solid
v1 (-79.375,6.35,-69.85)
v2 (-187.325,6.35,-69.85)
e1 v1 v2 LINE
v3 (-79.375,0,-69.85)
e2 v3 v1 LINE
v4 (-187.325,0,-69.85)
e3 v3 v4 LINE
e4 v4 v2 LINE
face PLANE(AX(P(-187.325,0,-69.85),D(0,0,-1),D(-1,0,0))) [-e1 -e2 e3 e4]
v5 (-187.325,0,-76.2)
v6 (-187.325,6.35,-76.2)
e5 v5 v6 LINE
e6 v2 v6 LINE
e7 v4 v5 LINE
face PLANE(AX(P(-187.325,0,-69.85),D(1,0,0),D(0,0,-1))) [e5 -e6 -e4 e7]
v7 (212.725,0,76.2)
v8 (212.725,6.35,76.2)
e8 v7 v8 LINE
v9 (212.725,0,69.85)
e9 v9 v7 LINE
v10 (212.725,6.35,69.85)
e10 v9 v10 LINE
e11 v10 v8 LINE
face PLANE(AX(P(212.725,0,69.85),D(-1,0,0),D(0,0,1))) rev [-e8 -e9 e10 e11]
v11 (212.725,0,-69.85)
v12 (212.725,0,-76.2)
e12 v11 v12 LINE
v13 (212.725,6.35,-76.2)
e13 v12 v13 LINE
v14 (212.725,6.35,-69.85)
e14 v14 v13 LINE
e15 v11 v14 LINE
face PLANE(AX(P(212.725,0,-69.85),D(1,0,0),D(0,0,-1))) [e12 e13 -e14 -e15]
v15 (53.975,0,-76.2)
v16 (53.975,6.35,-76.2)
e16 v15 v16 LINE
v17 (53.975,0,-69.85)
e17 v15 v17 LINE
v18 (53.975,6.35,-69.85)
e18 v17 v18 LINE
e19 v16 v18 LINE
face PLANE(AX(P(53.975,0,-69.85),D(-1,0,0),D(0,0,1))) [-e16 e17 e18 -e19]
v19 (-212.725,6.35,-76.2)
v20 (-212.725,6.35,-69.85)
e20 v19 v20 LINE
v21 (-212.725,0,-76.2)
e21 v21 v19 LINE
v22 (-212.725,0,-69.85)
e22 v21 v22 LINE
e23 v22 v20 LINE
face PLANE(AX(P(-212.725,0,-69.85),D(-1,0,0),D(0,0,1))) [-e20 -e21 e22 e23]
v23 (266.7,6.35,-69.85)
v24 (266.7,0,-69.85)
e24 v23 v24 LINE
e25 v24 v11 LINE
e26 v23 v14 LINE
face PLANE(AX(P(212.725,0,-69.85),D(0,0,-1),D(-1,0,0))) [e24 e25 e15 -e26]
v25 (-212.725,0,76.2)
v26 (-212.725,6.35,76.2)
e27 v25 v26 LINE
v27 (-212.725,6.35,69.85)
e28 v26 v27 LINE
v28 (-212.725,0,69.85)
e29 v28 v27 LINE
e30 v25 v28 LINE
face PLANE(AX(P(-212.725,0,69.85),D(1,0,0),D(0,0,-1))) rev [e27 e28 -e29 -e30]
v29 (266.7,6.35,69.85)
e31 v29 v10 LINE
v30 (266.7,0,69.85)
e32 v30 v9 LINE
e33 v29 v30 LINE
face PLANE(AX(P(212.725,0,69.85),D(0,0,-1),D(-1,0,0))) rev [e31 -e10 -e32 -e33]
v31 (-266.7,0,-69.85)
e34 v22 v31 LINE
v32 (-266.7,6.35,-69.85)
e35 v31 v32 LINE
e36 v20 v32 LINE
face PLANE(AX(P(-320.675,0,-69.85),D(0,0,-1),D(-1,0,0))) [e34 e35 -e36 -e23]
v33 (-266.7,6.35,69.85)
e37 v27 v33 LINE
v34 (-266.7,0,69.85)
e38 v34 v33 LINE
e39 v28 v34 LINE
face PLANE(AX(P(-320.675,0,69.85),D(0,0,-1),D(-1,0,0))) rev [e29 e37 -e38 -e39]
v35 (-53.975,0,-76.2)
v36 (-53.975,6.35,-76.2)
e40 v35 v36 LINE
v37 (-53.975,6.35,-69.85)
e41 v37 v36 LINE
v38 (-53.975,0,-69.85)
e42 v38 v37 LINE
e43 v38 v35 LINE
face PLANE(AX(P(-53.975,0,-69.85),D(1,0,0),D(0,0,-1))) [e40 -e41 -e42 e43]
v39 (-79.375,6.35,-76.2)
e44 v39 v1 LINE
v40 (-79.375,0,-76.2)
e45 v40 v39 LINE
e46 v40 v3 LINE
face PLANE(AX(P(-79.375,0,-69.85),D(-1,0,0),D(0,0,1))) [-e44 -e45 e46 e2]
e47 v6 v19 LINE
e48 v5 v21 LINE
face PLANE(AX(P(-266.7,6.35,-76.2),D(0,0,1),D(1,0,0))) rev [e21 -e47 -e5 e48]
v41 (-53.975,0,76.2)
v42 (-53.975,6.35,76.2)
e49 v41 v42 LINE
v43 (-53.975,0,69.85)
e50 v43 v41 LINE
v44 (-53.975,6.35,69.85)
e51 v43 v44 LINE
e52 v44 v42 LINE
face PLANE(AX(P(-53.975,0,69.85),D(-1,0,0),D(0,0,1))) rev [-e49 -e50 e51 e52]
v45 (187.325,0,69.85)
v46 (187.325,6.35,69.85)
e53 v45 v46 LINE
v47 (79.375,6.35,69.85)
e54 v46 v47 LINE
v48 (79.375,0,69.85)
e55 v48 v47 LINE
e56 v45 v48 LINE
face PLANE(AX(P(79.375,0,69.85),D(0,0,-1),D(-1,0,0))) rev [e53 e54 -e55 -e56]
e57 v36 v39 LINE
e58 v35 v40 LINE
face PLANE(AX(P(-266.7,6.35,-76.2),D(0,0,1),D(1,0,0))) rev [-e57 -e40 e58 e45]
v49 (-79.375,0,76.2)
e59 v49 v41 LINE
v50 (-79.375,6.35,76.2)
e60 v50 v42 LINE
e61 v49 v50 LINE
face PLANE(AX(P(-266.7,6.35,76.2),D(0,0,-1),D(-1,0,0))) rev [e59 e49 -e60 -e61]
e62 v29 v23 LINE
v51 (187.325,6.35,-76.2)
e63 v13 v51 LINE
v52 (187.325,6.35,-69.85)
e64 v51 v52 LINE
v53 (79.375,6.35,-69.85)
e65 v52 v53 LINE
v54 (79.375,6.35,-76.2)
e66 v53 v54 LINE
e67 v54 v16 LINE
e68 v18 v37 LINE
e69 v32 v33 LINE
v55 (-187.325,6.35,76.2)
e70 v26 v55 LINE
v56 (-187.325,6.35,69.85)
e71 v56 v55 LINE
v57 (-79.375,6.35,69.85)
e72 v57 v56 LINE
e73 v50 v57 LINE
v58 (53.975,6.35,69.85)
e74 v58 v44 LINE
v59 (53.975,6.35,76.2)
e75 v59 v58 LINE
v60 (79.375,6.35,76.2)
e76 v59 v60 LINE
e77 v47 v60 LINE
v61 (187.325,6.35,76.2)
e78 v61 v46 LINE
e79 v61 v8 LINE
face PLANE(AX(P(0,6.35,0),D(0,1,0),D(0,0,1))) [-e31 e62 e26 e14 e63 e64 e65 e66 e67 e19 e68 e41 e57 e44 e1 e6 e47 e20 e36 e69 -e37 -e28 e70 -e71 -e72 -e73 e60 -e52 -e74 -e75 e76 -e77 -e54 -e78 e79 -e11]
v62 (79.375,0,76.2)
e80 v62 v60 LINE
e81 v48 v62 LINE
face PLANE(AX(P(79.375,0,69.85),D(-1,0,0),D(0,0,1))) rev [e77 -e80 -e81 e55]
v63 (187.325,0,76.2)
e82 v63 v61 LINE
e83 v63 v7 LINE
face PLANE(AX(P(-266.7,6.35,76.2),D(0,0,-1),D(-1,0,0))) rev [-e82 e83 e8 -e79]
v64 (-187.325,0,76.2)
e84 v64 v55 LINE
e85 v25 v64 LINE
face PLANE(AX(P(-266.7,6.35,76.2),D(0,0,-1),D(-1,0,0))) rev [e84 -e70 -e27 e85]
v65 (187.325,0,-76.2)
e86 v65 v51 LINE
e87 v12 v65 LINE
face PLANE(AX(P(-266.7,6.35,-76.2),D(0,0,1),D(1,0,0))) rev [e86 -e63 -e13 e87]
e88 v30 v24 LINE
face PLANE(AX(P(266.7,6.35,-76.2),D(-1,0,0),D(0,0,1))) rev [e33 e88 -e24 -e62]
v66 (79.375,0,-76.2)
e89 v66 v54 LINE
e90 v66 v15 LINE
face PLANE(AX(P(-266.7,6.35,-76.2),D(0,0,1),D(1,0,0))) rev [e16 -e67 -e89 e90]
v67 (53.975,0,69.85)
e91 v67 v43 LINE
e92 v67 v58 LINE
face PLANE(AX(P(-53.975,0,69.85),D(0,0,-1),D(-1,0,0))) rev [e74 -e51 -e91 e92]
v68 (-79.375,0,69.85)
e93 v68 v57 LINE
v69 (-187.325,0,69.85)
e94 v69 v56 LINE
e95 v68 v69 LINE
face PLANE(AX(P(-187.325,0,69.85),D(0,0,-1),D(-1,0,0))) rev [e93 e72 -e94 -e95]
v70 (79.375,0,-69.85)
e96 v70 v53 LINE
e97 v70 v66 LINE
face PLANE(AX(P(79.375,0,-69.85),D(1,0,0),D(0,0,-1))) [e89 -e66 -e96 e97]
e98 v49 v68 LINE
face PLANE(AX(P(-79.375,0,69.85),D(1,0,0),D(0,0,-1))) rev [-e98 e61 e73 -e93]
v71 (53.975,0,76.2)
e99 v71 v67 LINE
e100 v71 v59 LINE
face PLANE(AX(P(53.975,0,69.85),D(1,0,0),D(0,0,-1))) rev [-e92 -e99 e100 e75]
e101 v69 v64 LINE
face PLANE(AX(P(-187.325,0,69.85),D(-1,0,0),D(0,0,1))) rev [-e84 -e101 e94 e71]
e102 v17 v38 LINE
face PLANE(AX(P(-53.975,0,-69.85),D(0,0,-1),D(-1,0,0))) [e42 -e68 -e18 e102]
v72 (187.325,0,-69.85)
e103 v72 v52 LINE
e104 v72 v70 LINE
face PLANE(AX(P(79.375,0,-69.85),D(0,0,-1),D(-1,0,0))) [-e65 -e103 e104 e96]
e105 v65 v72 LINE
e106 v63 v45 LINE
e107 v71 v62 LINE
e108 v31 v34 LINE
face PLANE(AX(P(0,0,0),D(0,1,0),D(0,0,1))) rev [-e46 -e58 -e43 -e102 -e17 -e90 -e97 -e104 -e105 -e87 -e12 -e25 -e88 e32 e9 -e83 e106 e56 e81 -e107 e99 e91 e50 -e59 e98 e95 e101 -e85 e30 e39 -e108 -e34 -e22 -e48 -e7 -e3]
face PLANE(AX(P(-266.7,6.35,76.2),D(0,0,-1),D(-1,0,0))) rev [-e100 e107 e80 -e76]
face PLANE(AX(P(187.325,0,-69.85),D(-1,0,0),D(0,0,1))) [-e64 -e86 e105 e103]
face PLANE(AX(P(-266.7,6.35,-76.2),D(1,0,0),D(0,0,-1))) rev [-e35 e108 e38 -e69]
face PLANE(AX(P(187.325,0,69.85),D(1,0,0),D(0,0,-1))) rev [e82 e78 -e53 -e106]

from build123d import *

# Parameters (mm, degrees)
SKETCH1_W               = 533.4
SKETCH1_H               = 152.4
BOSS_EXTRUDE1_DEPTH     = 6.35
SKETCH2_W               = 107.95
SKETCH2_H               = 6.35
CUT_EXTRUDE2_DEPTH      = 7.35
LPATTERN1_COUNT         = 3
LPATTERN1_PITCH         = 133.35
LPATTERN1_COL_COUNT     = 3
LPATTERN1_COL_PITCH     = 133.35
MIRROR2_COPY_1_SKETCH_W = 107.95
MIRROR2_COPY_1_SKETCH_H = 6.35
MIRROR2_COPY_1_DEPTH    = 7.35
MIRROR2_COPY_2_SKETCH_W = 107.95
MIRROR2_COPY_2_SKETCH_H = 6.35
MIRROR2_COPY_2_DEPTH    = 7.35
MIRROR2_COPY_3_SKETCH_W = 107.95
MIRROR2_COPY_3_SKETCH_H = 6.35
MIRROR2_COPY_3_DEPTH    = 7.35
MIRROR2_COPY_4_SKETCH_W = 107.95
MIRROR2_COPY_4_SKETCH_H = 6.35
MIRROR2_COPY_4_DEPTH    = 7.35


with BuildPart() as part:
    # Sketch1 → Boss-Extrude1 (new body)
    with BuildSketch(Plane(origin=(0, 0, 0), x_dir=(1, 0, 0), z_dir=(0, 1, 0))):
        Rectangle(SKETCH1_W, SKETCH1_H)
    extrude(amount=BOSS_EXTRUDE1_DEPTH)

    # Sketch2 → Cut-Extrude2 (cut, through all)
    with BuildSketch(Plane(origin=(0, 6.35, 0), x_dir=(1, 0, 0), z_dir=(0, 1, 0))):
        with Locations((0, -73.025)):
            Rectangle(SKETCH2_W, SKETCH2_H)
    cut_extrude2 = extrude(amount=-CUT_EXTRUDE2_DEPTH, mode=Mode.SUBTRACT)

    # LPattern1: Cut-Extrude2 ×3
    with Locations(*[(-i * LPATTERN1_PITCH, 0, 0) for i in range(1, LPATTERN1_COUNT)]):
        add(cut_extrude2, mode=Mode.SUBTRACT)

    # LPattern1 col: Cut-Extrude2 ×3
    with Locations(*[(i * LPATTERN1_COL_PITCH, 0, 0) for i in range(1, LPATTERN1_COL_COUNT)]):
        add(cut_extrude2, mode=Mode.SUBTRACT)

    # Mirror2: Cut-Extrude2 across plane
    add(cut_extrude2.mirror(Plane.XY), mode=Mode.SUBTRACT)

    # Mirror2 copy 1 sketch → Mirror2 copy 1 (cut, through all)
    with BuildSketch(Plane(origin=(-133.35, 6.35, 0), x_dir=(1, 0, 0), z_dir=(0, 1, 0))):
        with Locations((0, 73.025)):
            Rectangle(MIRROR2_COPY_1_SKETCH_W, MIRROR2_COPY_1_SKETCH_H)
    extrude(amount=-MIRROR2_COPY_1_DEPTH, mode=Mode.SUBTRACT)

    # Mirror2 copy 2 sketch → Mirror2 copy 2 (cut, through all)
    with BuildSketch(Plane(origin=(-266.7, 6.35, 0), x_dir=(1, 0, 0), z_dir=(0, 1, 0))):
        with Locations((0, 73.025)):
            Rectangle(MIRROR2_COPY_2_SKETCH_W, MIRROR2_COPY_2_SKETCH_H)
    extrude(amount=-MIRROR2_COPY_2_DEPTH, mode=Mode.SUBTRACT)

    # Mirror2 copy 3 sketch → Mirror2 copy 3 (cut, through all)
    with BuildSketch(Plane(origin=(133.35, 6.35, 0), x_dir=(1, 0, 0), z_dir=(0, 1, 0))):
        with Locations((0, 73.025)):
            Rectangle(MIRROR2_COPY_3_SKETCH_W, MIRROR2_COPY_3_SKETCH_H)
    extrude(amount=-MIRROR2_COPY_3_DEPTH, mode=Mode.SUBTRACT)

    # Mirror2 copy 4 sketch → Mirror2 copy 4 (cut, through all)
    with BuildSketch(Plane(origin=(266.7, 6.35, 0), x_dir=(1, 0, 0), z_dir=(0, 1, 0))):
        with Locations((0, 73.025)):
            Rectangle(MIRROR2_COPY_4_SKETCH_W, MIRROR2_COPY_4_SKETCH_H)
    extrude(amount=-MIRROR2_COPY_4_DEPTH, mode=Mode.SUBTRACT)


solid = part.part
